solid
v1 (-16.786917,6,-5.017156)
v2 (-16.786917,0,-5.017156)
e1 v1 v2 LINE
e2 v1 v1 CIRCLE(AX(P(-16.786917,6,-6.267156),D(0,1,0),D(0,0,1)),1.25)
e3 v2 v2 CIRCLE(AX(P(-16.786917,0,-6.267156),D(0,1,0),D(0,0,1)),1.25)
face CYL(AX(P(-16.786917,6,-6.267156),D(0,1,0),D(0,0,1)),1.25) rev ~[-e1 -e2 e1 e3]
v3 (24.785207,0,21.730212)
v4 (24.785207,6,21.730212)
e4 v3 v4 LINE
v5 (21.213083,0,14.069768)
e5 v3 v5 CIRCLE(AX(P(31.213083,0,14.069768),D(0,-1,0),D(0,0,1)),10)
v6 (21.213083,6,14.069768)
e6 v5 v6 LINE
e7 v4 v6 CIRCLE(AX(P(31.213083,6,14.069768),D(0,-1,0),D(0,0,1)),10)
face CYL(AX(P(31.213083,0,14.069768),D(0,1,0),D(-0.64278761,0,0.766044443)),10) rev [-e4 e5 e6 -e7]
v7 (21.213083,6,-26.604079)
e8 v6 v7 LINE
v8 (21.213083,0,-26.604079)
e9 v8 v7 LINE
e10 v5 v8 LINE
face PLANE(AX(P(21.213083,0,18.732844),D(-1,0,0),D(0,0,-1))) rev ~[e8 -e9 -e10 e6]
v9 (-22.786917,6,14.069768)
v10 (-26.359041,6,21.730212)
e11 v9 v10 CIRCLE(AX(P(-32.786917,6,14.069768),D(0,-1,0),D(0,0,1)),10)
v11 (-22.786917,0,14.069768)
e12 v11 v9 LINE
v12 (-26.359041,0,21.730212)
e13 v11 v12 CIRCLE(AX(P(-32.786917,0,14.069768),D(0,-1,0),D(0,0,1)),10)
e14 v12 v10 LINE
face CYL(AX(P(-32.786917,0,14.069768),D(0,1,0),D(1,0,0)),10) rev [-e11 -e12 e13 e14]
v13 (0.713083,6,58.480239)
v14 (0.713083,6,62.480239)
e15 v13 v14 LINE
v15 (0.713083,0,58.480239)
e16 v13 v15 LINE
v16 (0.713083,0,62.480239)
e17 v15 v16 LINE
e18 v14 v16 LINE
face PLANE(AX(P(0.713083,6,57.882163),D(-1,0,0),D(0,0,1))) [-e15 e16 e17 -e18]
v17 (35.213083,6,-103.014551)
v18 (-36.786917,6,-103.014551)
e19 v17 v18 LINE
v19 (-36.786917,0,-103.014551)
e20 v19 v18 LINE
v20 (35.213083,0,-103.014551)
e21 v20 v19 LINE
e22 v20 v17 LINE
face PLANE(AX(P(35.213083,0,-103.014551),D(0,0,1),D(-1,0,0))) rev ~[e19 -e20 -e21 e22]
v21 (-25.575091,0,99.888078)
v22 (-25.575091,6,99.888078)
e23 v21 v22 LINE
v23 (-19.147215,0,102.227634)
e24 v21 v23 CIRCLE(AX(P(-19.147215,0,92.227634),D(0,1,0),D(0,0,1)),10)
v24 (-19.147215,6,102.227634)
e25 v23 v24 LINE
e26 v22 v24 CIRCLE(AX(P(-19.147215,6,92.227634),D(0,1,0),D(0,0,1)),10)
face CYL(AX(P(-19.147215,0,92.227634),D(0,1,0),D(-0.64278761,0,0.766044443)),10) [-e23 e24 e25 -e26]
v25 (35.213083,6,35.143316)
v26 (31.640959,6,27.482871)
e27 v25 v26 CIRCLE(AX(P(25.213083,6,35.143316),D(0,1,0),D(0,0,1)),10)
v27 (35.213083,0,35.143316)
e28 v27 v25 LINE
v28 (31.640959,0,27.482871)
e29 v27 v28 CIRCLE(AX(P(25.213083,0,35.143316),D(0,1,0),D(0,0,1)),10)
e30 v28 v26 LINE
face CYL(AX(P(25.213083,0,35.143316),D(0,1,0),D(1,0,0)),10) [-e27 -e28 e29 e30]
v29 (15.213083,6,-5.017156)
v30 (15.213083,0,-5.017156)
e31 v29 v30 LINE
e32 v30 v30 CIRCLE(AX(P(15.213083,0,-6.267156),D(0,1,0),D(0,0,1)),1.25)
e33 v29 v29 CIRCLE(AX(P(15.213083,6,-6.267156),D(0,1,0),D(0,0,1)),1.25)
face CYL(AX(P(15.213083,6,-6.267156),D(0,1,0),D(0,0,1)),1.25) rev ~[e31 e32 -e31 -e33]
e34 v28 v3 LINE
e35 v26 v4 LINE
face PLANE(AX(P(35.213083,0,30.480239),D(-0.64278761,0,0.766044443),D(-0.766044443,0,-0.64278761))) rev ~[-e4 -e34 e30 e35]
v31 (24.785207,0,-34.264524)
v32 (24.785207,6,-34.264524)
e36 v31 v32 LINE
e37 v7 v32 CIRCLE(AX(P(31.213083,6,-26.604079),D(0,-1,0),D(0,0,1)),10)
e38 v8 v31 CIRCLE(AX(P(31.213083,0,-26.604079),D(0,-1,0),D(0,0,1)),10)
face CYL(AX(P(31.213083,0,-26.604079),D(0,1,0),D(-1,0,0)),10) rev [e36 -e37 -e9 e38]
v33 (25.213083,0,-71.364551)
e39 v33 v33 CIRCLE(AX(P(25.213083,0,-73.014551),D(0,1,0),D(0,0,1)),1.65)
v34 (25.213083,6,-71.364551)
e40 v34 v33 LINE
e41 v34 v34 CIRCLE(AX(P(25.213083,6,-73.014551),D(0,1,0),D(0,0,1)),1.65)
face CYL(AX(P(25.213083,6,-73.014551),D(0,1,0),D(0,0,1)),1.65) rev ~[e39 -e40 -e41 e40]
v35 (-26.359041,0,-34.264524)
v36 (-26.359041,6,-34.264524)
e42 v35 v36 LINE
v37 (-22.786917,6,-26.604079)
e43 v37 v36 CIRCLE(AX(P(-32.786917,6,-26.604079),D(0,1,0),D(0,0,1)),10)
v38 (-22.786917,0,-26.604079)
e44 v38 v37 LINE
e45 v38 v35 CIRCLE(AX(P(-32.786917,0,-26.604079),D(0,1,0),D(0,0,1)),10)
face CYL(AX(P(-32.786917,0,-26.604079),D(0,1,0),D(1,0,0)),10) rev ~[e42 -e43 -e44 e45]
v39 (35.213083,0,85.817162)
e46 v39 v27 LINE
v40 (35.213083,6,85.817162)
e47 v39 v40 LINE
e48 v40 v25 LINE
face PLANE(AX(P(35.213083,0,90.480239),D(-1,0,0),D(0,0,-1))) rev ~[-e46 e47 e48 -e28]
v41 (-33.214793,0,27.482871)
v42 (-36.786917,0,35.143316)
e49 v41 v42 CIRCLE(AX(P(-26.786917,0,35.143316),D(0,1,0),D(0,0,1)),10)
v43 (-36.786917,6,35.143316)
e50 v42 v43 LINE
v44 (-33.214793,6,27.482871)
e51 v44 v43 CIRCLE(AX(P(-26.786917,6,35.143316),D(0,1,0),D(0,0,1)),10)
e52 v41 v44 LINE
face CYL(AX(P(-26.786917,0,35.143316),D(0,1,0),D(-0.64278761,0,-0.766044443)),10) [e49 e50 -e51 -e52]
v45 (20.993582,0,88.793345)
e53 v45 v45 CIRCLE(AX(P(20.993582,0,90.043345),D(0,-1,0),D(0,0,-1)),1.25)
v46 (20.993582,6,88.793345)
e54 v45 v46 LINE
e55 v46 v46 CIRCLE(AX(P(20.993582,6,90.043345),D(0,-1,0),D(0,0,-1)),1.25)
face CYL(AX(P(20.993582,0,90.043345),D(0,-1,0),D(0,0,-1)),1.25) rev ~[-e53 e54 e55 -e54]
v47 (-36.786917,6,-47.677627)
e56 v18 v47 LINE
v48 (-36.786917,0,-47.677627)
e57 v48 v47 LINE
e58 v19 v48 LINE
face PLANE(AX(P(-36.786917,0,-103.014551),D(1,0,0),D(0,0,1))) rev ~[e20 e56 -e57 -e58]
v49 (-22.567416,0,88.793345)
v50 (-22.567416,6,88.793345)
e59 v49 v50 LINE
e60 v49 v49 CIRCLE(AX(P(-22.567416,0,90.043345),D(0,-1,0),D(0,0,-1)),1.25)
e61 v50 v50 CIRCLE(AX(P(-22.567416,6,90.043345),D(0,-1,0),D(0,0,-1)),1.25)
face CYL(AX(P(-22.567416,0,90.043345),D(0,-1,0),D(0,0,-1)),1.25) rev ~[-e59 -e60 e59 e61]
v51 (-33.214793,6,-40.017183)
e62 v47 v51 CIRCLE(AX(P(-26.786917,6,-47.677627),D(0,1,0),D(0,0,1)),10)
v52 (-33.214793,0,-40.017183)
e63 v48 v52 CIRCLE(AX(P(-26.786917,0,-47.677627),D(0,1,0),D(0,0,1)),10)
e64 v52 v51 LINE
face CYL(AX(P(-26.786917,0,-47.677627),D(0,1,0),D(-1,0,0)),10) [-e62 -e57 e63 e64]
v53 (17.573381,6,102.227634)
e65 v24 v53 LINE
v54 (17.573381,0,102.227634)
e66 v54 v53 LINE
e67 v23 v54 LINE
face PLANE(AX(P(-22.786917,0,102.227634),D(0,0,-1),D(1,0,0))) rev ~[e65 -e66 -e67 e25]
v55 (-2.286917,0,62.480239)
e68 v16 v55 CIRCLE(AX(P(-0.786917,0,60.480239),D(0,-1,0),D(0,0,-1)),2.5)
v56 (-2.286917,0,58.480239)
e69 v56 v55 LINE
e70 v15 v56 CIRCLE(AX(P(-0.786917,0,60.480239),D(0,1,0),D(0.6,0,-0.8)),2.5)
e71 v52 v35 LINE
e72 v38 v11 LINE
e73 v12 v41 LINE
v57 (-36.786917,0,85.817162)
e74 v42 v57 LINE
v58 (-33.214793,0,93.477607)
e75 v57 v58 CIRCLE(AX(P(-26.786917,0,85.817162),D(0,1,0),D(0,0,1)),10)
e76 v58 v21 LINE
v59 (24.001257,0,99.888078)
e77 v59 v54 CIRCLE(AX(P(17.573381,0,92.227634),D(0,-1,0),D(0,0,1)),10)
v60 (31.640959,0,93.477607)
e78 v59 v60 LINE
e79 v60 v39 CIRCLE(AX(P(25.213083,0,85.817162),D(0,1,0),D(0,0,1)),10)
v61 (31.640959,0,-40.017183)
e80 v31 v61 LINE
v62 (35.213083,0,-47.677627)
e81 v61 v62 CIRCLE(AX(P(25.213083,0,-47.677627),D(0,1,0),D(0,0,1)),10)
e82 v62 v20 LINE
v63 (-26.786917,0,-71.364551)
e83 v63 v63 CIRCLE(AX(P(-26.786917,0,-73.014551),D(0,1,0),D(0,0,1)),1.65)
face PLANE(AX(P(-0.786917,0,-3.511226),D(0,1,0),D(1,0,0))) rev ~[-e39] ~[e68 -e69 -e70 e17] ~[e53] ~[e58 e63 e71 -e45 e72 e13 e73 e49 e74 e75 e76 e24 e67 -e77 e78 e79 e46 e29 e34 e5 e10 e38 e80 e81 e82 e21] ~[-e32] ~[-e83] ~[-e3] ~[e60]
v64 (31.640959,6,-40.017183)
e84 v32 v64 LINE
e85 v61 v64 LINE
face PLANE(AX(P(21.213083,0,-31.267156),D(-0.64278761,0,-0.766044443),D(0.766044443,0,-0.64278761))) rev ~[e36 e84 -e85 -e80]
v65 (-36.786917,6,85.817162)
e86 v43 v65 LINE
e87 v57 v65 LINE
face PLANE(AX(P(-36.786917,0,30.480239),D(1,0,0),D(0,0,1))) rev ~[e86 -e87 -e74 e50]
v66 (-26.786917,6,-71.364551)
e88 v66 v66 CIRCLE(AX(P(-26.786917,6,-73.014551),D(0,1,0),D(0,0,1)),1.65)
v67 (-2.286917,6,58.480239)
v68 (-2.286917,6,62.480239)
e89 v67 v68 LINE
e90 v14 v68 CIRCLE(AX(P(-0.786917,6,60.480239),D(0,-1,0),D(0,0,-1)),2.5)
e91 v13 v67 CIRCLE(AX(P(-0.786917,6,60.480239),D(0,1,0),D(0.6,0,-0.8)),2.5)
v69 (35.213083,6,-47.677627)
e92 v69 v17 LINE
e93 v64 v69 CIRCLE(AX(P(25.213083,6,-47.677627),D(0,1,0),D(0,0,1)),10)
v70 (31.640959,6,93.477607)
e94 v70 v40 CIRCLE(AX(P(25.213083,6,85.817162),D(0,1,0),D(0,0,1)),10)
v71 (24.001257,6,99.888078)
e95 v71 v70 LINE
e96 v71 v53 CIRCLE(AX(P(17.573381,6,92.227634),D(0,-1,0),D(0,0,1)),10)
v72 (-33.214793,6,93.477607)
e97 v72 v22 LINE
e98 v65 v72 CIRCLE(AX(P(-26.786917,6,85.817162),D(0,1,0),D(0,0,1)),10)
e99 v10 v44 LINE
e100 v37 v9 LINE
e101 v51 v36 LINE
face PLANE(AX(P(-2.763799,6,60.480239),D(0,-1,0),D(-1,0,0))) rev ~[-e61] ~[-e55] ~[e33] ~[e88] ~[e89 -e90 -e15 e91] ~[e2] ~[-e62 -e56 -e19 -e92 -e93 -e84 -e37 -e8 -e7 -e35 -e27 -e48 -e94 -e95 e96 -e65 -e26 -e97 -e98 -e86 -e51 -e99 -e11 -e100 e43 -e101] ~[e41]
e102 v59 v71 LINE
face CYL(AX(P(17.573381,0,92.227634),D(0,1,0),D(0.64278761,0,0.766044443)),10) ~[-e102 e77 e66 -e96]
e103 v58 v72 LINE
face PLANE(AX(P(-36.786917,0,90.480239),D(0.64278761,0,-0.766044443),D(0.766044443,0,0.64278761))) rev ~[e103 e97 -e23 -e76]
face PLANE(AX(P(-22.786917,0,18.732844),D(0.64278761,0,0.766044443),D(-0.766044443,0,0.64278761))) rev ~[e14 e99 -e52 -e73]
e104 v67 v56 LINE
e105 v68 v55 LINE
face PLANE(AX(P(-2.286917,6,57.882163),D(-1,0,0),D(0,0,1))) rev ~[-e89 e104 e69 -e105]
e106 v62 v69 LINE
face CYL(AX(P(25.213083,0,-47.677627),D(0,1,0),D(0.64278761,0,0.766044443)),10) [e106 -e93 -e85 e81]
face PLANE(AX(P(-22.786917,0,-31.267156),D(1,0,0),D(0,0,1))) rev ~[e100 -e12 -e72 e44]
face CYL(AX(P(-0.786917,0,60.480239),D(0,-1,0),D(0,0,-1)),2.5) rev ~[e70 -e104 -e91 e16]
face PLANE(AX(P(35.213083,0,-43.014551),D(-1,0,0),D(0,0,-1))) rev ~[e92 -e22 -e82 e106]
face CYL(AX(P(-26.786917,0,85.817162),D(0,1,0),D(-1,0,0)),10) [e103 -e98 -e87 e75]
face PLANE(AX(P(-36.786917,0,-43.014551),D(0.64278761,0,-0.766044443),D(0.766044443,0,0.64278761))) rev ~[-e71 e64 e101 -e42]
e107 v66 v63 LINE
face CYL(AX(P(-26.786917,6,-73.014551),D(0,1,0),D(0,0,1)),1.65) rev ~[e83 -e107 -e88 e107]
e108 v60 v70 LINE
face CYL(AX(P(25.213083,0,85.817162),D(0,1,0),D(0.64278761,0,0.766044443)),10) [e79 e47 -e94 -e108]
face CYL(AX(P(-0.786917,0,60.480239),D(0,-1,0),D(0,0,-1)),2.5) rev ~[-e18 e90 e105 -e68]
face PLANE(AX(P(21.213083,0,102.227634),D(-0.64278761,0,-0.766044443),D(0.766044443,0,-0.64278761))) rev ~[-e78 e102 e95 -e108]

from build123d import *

# Parameters (mm, degrees)
BOSS_EXTRUDE1_DEPTH = 6
FILLET1_R           = 10
SKETCH2_R           = 2.5
CUT_EXTRUDE1_DEPTH  = 6
FILLET2_R           = 10
SKETCH5_R           = 1.25
CUT_EXTRUDE2_DEPTH  = 10
SKETCH6_R           = 1.25
CUT_EXTRUDE3_DEPTH  = 10
SKETCH7_R           = 1.65
CUT_EXTRUDE4_DEPTH  = 10
BOSS_EXTRUDE2_DEPTH = 6


with BuildPart() as part:
    # Sketch1 → Boss-Extrude1 (new body)
    with BuildSketch(Plane(origin=(0, 0, 0), x_dir=(1, 0, 0), z_dir=(0, 1, 0))):
        Polygon((21.213083016, -102.227633762), (35.213083016, -90.480238926), (35.213083016, -30.480238926), (21.213083016, -18.73284409), (21.213083016, 31.26715591), (35.213083016, 43.014550747), (35.213083016, 103.014550747), (-36.786916984, 103.014550747), (-36.786916984, 43.014550747), (-22.786916984, 31.26715591), (-22.786916984, -18.73284409), (-36.786916984, -30.480238926), (-36.786916984, -90.480238926), (-22.786916984, -102.227633762), align=None)
    extrude(amount=BOSS_EXTRUDE1_DEPTH)

    # Fillet1
    fillet1_edges = [part.edges().sort_by_distance(p)[0] for p in [
        (-22.786916984, 3, 102.227633762),
        (-36.786916984, 3, 90.480238926),
        (-36.786916984, 3, 30.480238926),
        (-22.786916984, 3, 18.73284409),
        (21.213083016, 3, 18.73284409),
        (35.213083016, 3, 30.480238926),
        (35.213083016, 3, 90.480238926),
        (21.213083016, 3, 102.227633762),
    ]]
    fillet(fillet1_edges, radius=FILLET1_R)

    # Sketch2 → Cut-Extrude1 (cut)
    with BuildSketch(Plane.XZ):
        with Locations(Location((-0.786916984, 60.480238926, 0), (0, 0, 270))):
            Circle(SKETCH2_R)
    extrude(amount=-CUT_EXTRUDE1_DEPTH, mode=Mode.SUBTRACT)

    # Fillet2
    fillet2_edges = [part.edges().sort_by_distance(p)[0] for p in [
        (-22.786916984, 3, -31.26715591),
        (-36.786916984, 3, -43.014550747),
        (35.213083016, 3, -43.014550747),
        (21.213083016, 3, -31.26715591),
    ]]
    fillet(fillet2_edges, radius=FILLET2_R)

    # Sketch5 → Cut-Extrude2 (cut)
    with BuildSketch(Plane(origin=(0, 6, 0), x_dir=(1, 0, 0), z_dir=(0, 1, 0))):
        with Locations(Location((15.213083016, 6.26715591, 0), (0, 0, 270))):
            Circle(SKETCH5_R)
        with Locations(Location((-16.786916984, 6.26715591, 0), (0, 0, 270))):
            Circle(SKETCH5_R)
    extrude(amount=-CUT_EXTRUDE2_DEPTH, mode=Mode.SUBTRACT)

    # Sketch6 → Cut-Extrude3 (cut)
    with BuildSketch(Plane.XZ):
        with Locations(Location((-22.567416075, 90.043344962, 0), (0, 0, 270))):
            Circle(SKETCH6_R)
        with Locations(Location((20.993582106, 90.043344962, 0), (0, 0, 270))):
            Circle(SKETCH6_R)
    extrude(amount=-CUT_EXTRUDE3_DEPTH, mode=Mode.SUBTRACT)

    # Sketch7 → Cut-Extrude4 (cut)
    with BuildSketch(Plane(origin=(0, 6, 0), x_dir=(1, 0, 0), z_dir=(0, 1, 0))):
        with Locations(Location((25.213083016, 73.014550747, 0), (0, 0, 270))):
            Circle(SKETCH7_R)
        with Locations(Location((-26.786916984, 73.014550747, 0), (0, 0, 270))):
            Circle(SKETCH7_R)
    extrude(amount=-CUT_EXTRUDE4_DEPTH, mode=Mode.SUBTRACT)

    # Sketch8 → Boss-Extrude2 (add)
    with BuildSketch(Plane(origin=(0, 6, 0), x_dir=(1, 0, 0), z_dir=(0, 1, 0))):
        with BuildLine():
            Line((-2.286916984, -57.882162715), (-2.286916984, -63.078315137))
            ThreePointArc((-2.286916984, -63.078315137), (-3.786916984, -60.480238926), (-2.286916984, -57.882162715))
        make_face()
        with BuildLine():
            Line((0.713083016, -57.882162715), (0.713083016, -63.078315137))
            ThreePointArc((0.713083016, -63.078315137), (2.213083016, -60.480238926), (0.713083016, -57.882162715))
        make_face()
    extrude(amount=-BOSS_EXTRUDE2_DEPTH)


solid = part.part
